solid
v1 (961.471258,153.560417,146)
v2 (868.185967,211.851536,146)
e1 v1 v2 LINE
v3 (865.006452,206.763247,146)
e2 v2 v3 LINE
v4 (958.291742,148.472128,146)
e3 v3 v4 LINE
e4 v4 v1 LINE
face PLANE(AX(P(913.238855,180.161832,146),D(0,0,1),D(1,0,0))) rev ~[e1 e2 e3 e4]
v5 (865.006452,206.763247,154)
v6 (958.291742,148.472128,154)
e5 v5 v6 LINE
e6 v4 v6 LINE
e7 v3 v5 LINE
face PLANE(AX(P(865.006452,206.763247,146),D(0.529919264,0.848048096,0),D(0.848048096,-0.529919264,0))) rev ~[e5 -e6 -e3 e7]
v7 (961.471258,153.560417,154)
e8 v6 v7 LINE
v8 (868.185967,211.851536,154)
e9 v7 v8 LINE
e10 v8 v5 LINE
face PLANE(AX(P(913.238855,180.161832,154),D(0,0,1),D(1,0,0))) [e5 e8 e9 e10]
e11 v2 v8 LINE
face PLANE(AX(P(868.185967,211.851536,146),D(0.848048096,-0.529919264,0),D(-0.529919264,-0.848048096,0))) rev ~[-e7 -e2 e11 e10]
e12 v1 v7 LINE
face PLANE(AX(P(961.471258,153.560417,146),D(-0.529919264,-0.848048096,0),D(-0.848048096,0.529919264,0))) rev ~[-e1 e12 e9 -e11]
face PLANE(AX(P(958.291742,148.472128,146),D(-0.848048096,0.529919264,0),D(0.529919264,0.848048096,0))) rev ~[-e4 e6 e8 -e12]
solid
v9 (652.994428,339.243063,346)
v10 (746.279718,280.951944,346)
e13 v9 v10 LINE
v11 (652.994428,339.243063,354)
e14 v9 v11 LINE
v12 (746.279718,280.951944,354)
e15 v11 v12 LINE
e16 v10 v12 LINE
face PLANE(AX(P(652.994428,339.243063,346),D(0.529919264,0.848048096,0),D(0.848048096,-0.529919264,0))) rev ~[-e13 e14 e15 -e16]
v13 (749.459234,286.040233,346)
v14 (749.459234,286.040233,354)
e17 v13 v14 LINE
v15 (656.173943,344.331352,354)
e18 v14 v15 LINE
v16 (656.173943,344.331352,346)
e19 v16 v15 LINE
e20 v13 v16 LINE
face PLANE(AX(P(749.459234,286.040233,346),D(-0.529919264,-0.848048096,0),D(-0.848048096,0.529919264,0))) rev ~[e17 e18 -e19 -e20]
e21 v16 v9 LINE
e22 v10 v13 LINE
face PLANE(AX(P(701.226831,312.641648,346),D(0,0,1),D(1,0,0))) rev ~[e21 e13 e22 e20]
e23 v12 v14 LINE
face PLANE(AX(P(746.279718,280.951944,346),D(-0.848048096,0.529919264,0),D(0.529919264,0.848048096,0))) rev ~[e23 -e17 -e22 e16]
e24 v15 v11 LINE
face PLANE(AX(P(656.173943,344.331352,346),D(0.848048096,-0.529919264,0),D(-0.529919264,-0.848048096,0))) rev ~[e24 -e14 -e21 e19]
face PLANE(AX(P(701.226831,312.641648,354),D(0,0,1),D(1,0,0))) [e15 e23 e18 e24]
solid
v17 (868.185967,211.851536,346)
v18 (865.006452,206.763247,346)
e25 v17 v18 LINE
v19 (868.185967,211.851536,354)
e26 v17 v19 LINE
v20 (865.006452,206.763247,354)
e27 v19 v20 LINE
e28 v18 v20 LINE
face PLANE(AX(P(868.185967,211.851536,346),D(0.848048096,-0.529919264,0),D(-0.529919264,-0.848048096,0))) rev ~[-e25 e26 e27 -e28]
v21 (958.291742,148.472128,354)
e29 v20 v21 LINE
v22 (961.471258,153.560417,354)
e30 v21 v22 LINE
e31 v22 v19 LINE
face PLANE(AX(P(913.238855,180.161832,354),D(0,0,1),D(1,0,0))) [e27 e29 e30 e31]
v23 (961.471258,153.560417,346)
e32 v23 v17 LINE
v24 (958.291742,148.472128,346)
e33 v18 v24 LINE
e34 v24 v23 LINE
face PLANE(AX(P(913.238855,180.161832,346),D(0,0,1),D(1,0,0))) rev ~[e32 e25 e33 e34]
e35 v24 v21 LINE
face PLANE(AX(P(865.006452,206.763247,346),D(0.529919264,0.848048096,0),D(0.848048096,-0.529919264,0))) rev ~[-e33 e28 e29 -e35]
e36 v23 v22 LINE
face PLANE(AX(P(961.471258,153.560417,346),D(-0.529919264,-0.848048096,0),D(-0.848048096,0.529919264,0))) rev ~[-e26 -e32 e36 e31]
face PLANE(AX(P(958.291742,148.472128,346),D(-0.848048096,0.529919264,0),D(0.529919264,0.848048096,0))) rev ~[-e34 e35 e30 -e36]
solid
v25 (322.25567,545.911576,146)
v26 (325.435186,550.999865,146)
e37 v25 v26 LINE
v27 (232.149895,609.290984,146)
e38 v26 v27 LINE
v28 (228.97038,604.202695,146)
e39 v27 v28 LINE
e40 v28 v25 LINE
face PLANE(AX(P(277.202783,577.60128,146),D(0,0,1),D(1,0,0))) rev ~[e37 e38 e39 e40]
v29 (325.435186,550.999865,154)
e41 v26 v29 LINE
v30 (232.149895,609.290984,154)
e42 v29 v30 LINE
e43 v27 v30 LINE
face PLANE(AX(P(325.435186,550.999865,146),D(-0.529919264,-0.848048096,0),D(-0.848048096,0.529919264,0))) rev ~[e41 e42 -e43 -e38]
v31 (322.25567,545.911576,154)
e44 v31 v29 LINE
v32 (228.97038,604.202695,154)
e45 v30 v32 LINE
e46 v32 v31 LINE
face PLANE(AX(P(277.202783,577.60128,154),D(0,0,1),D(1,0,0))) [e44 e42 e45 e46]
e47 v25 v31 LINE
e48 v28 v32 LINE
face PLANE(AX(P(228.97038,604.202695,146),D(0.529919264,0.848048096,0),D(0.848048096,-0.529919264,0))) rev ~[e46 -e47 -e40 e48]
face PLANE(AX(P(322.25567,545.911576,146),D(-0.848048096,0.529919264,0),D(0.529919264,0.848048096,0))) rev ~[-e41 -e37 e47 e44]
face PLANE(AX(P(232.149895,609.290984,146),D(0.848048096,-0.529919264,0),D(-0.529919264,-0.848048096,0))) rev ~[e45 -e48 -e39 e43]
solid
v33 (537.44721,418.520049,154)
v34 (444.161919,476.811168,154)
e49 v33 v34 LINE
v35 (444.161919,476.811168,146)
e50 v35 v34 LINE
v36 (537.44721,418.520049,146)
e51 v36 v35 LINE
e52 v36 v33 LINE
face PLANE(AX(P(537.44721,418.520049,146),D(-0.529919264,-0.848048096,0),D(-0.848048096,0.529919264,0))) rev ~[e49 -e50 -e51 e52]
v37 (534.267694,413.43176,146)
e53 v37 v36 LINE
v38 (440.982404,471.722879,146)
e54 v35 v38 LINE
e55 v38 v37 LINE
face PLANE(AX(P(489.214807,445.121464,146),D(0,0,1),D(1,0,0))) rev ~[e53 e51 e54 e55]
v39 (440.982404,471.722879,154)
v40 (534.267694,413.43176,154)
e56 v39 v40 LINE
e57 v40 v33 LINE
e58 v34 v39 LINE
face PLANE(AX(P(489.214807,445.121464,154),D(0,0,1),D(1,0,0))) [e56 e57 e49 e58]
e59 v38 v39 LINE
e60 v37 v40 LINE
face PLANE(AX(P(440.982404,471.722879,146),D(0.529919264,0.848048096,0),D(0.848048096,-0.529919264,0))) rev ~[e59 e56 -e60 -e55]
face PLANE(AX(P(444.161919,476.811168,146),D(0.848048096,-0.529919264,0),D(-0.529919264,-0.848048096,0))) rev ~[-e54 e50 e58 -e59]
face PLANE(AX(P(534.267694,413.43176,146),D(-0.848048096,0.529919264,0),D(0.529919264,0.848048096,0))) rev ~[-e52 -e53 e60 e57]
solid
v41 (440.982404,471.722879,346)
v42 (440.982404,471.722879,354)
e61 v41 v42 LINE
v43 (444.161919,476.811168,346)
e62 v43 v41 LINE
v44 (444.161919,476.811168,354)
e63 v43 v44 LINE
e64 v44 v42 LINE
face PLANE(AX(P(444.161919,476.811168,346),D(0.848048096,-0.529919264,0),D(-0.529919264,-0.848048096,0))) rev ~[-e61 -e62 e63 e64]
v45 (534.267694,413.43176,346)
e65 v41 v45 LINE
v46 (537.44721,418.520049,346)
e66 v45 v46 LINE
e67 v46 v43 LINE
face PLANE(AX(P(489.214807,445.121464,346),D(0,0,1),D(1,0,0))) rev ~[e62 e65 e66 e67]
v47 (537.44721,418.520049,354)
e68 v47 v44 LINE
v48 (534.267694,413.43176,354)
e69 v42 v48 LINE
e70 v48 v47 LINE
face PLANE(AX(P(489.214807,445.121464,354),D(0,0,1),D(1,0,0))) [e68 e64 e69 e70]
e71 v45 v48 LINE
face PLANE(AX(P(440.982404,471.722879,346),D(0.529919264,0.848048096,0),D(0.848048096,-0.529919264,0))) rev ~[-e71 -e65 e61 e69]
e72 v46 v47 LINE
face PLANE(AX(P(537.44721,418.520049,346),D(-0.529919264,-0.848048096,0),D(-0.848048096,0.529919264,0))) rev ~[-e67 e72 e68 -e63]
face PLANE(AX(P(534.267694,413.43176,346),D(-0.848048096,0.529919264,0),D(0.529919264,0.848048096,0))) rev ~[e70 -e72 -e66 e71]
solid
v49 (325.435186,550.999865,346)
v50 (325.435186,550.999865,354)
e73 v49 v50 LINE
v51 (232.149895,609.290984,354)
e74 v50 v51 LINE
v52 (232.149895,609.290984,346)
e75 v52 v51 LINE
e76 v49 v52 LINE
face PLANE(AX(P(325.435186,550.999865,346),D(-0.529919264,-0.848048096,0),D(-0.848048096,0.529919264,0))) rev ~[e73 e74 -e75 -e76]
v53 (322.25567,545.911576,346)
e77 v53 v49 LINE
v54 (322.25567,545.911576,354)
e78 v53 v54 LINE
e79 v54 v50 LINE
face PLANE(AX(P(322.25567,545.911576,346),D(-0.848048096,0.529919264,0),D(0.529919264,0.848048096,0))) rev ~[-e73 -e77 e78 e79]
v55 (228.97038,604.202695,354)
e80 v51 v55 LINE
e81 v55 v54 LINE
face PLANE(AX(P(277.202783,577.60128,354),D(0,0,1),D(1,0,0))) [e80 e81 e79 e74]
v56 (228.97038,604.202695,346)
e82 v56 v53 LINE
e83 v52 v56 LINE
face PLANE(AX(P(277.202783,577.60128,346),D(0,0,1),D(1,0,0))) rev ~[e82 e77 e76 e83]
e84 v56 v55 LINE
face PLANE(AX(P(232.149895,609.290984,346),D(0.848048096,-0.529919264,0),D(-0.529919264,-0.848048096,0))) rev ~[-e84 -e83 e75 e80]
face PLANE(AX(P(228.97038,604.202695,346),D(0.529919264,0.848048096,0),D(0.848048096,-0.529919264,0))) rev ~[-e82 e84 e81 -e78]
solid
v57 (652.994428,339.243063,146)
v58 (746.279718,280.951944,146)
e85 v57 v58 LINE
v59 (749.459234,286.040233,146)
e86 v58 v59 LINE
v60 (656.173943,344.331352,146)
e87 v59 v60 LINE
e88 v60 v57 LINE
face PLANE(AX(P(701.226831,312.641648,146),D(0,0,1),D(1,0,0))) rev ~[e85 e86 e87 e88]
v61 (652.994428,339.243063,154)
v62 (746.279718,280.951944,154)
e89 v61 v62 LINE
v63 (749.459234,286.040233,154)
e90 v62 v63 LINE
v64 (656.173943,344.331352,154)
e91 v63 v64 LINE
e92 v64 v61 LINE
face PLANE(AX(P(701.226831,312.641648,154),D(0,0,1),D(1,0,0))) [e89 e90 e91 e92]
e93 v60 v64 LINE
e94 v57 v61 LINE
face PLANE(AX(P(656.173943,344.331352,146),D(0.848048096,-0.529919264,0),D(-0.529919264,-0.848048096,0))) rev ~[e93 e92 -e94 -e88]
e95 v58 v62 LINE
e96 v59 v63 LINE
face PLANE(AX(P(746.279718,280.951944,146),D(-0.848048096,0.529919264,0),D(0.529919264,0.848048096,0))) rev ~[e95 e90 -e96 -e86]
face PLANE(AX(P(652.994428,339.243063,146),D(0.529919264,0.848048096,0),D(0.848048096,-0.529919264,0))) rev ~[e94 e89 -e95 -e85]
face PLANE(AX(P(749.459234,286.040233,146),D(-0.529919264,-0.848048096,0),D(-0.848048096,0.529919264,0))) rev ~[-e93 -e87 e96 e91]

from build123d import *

# Parameters (mm, degrees)
S1_110X8X6_SCHEMATIC_START = 146
S1_110X8X6_SCHEMATIC_DEPTH = 8
S2_110X8X6_SCHEMATIC_START = 146
S2_110X8X6_SCHEMATIC_DEPTH = 8
S3_110X8X6_SCHEMATIC_START = 146
S3_110X8X6_SCHEMATIC_DEPTH = 8
S4_110X8X6_SCHEMATIC_START = 146
S4_110X8X6_SCHEMATIC_DEPTH = 8
S5_110X8X6_SCHEMATIC_START = 346
S5_110X8X6_SCHEMATIC_DEPTH = 8
S6_110X8X6_SCHEMATIC_START = 346
S6_110X8X6_SCHEMATIC_DEPTH = 8
S7_110X8X6_SCHEMATIC_START = 346
S7_110X8X6_SCHEMATIC_DEPTH = 8
S8_110X8X6_SCHEMATIC_START = 346
S8_110X8X6_SCHEMATIC_DEPTH = 8


with BuildPart() as part:
    # 草图1 → S1_110x8x6_SCHEMATIC (new body)
    with BuildSketch(Plane.XY.offset(S1_110X8X6_SCHEMATIC_START)):
        Polygon((228.970379508, 604.202695295), (322.255670085, 545.911576229), (325.43518567, 550.999864806), (232.149895093, 609.290983872), align=None)
    extrude(amount=S1_110X8X6_SCHEMATIC_DEPTH)


with BuildPart() as body_2:
    # 草图2 → S2_110x8x6_SCHEMATIC (new body)
    with BuildSketch(Plane.XY.offset(S2_110X8X6_SCHEMATIC_START)):
        Polygon((440.982403547, 471.722879236), (534.267694124, 413.431760171), (537.447209709, 418.520048748), (444.161919132, 476.811167813), align=None)
    extrude(amount=S2_110X8X6_SCHEMATIC_DEPTH)


with BuildPart() as body_3:
    # 草图3 → S3_110x8x6_SCHEMATIC (new body)
    with BuildSketch(Plane.XY.offset(S3_110X8X6_SCHEMATIC_START)):
        Polygon((652.994427586, 339.243063178), (746.279718163, 280.951944112), (749.459233748, 286.040232689), (656.173943171, 344.331351755), align=None)
    extrude(amount=S3_110X8X6_SCHEMATIC_DEPTH)


with BuildPart() as body_4:
    # 草图4 → S4_110x8x6_SCHEMATIC (new body)
    with BuildSketch(Plane.XY.offset(S4_110X8X6_SCHEMATIC_START)):
        Polygon((865.006451625, 206.76324712), (958.291742202, 148.472128054), (961.471257788, 153.560416631), (868.18596721, 211.851535697), align=None)
    extrude(amount=S4_110X8X6_SCHEMATIC_DEPTH)


with BuildPart() as body_5:
    # 草图5 → S5_110x8x6_SCHEMATIC (new body)
    with BuildSketch(Plane.XY.offset(S5_110X8X6_SCHEMATIC_START)):
        Polygon((228.970379508, 604.202695295), (322.255670085, 545.911576229), (325.43518567, 550.999864806), (232.149895093, 609.290983872), align=None)
    extrude(amount=S5_110X8X6_SCHEMATIC_DEPTH)


with BuildPart() as body_6:
    # 草图6 → S6_110x8x6_SCHEMATIC (new body)
    with BuildSketch(Plane.XY.offset(S6_110X8X6_SCHEMATIC_START)):
        Polygon((440.982403547, 471.722879236), (534.267694124, 413.431760171), (537.447209709, 418.520048748), (444.161919132, 476.811167813), align=None)
    extrude(amount=S6_110X8X6_SCHEMATIC_DEPTH)


with BuildPart() as body_7:
    # 草图7 → S7_110x8x6_SCHEMATIC (new body)
    with BuildSketch(Plane.XY.offset(S7_110X8X6_SCHEMATIC_START)):
        Polygon((652.994427586, 339.243063178), (746.279718163, 280.951944112), (749.459233748, 286.040232689), (656.173943171, 344.331351755), align=None)
    extrude(amount=S7_110X8X6_SCHEMATIC_DEPTH)


with BuildPart() as body_8:
    # 草图8 → S8_110x8x6_SCHEMATIC (new body)
    with BuildSketch(Plane.XY.offset(S8_110X8X6_SCHEMATIC_START)):
        Polygon((865.006451625, 206.76324712), (958.291742202, 148.472128054), (961.471257788, 153.560416631), (868.18596721, 211.851535697), align=None)
    extrude(amount=S8_110X8X6_SCHEMATIC_DEPTH)


solid = Compound([part.part, body_2.part, body_3.part, body_4.part, body_5.part, body_6.part, body_7.part, body_8.part])
